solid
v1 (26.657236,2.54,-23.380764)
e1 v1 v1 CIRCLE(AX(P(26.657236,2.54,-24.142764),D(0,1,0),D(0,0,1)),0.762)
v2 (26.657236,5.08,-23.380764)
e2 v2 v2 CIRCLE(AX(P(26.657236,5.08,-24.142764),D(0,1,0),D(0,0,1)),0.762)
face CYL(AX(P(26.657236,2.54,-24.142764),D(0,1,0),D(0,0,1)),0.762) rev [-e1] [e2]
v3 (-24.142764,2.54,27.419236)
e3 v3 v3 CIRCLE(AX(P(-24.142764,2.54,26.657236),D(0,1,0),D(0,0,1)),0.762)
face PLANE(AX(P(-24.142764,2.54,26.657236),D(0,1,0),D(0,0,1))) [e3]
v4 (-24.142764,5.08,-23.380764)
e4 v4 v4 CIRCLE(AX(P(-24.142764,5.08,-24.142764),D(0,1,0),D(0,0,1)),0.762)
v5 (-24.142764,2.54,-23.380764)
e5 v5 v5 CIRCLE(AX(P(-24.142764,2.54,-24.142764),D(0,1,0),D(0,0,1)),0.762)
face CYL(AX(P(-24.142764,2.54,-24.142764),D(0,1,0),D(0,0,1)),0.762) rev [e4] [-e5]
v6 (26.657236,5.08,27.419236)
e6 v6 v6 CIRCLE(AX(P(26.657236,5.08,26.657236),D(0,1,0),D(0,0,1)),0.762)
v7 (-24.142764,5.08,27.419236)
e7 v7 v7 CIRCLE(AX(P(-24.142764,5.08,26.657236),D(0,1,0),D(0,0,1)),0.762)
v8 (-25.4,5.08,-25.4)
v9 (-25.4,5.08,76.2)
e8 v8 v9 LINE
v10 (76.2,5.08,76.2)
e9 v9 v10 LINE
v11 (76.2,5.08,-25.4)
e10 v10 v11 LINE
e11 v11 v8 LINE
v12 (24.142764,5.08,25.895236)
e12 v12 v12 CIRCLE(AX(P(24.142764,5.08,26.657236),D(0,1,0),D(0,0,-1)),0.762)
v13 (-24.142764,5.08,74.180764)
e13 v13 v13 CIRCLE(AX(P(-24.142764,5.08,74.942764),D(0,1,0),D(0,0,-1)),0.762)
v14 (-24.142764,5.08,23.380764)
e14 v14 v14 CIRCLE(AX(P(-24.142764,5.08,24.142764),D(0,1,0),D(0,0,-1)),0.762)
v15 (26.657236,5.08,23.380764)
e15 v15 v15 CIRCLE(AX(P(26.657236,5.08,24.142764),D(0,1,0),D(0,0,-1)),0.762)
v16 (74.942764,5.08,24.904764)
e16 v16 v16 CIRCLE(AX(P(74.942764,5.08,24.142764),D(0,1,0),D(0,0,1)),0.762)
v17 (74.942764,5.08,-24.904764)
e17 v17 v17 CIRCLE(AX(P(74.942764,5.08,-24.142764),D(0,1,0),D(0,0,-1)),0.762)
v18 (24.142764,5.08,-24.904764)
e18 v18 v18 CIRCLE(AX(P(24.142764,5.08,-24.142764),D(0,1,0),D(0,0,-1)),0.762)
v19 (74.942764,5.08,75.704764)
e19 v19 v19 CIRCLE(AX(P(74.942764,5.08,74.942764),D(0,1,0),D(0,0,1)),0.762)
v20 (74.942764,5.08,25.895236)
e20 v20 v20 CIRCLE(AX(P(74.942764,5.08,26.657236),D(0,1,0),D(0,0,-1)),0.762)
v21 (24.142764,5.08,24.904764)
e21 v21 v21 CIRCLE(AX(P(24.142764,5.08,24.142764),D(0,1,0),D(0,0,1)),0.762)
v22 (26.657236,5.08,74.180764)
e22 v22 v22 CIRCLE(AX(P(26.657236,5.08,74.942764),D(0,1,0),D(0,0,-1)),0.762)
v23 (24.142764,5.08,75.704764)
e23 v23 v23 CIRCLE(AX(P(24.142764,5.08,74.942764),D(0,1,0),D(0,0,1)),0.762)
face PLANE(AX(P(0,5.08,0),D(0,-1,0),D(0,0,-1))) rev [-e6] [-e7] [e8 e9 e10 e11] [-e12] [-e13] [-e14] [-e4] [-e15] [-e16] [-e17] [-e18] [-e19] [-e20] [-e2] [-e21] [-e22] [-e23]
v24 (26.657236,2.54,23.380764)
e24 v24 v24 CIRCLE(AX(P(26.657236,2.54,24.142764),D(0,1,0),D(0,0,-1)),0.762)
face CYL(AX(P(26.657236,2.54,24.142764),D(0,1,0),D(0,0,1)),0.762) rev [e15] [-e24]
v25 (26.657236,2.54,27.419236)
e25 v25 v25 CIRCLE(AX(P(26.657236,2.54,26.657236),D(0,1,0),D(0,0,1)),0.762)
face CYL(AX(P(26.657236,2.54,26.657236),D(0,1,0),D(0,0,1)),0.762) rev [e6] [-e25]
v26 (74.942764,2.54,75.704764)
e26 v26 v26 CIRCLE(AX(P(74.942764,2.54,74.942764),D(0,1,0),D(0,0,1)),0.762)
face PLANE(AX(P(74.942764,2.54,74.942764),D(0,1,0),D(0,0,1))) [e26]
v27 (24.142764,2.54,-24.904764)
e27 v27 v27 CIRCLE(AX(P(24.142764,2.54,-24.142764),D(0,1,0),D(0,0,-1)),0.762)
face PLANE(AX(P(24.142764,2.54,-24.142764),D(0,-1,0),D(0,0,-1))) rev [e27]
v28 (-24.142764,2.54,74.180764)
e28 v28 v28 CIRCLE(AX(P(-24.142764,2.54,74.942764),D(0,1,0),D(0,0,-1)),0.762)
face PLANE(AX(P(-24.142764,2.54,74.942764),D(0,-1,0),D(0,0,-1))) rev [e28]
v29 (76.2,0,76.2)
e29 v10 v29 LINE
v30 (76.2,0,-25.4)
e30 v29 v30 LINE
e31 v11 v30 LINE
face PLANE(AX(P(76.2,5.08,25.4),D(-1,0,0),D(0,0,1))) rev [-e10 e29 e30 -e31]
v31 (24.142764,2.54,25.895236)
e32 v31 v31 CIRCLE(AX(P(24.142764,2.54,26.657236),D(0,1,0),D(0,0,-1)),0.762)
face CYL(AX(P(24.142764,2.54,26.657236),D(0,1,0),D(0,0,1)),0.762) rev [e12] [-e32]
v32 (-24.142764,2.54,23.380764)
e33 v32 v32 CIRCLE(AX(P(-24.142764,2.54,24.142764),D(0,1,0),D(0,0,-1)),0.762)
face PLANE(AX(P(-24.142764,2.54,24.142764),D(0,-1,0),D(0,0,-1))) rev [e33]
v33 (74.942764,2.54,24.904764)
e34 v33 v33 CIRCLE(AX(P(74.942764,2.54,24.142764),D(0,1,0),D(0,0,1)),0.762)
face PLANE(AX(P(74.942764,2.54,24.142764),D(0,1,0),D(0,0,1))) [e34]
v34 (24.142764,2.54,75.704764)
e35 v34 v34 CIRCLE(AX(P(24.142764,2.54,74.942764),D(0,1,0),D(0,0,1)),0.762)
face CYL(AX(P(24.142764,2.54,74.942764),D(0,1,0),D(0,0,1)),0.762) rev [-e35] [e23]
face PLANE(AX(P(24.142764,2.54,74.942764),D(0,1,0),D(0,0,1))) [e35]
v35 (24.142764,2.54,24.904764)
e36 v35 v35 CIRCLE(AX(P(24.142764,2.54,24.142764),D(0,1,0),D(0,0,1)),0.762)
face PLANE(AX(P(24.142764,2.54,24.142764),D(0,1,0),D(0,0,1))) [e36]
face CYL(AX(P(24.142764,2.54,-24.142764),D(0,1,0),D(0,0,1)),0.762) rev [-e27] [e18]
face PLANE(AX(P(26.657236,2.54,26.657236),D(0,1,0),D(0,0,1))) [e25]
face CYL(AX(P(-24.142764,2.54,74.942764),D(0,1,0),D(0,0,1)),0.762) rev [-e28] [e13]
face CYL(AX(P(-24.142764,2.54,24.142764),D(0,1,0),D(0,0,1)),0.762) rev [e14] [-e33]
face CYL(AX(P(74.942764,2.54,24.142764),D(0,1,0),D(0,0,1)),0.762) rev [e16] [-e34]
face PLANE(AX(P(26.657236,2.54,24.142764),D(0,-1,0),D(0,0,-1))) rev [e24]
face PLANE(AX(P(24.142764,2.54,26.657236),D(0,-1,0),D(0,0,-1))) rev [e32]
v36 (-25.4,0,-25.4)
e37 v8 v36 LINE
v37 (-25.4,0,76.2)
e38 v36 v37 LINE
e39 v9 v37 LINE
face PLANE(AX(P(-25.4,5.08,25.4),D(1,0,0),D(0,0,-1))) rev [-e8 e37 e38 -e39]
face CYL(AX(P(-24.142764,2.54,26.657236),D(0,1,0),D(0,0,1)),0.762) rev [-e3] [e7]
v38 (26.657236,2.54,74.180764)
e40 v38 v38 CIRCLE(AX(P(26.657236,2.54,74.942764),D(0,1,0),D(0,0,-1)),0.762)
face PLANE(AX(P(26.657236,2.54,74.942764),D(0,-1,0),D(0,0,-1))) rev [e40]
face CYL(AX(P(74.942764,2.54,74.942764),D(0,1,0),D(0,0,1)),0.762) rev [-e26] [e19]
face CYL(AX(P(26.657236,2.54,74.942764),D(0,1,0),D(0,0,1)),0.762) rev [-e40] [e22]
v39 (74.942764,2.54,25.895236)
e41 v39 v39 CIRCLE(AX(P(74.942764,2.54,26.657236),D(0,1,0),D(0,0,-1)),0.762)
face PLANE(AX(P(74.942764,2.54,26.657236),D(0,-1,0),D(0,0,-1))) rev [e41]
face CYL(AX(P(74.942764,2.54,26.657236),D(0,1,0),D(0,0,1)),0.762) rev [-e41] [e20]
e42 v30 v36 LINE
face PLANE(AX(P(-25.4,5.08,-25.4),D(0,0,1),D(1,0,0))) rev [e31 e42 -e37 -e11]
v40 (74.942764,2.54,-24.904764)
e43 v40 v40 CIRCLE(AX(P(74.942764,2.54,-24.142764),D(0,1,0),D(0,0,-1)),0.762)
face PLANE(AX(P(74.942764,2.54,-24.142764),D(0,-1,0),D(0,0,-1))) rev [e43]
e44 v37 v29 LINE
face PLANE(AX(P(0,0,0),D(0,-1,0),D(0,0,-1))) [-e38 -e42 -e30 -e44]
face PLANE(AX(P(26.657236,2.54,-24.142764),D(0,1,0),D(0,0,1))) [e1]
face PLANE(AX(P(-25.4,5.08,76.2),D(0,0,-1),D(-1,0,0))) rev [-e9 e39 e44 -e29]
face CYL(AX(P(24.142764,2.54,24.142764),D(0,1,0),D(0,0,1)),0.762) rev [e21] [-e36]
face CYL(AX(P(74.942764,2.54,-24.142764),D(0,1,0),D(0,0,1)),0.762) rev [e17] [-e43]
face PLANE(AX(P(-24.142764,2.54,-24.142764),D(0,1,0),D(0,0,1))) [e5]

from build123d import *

# Parameters (mm, degrees)
SKETCH1_W            = 50.8
SKETCH1_H            = 50.8
BOSS_EXTRUDE1_DEPTH  = 5.08
SKETCH11_R           = 0.762
CUT_EXTRUDE6_DEPTH   = 2.54
LPATTERN1_COUNT      = 2
LPATTERN1_PITCH      = 50.8
LPATTERN1_COUNT_DIR2 = 2
LPATTERN1_PITCH_DIR2 = 50.8


with BuildPart() as part:
    # Sketch1 → Boss-Extrude1 (new body)
    with BuildSketch(Plane(origin=(0, 0, 0), x_dir=(1, 0, 0), z_dir=(0, 1, 0))):
        Rectangle(SKETCH1_W, SKETCH1_H)
    boss_extrude1 = extrude(amount=BOSS_EXTRUDE1_DEPTH)

    # Sketch11 → Cut-Extrude6 (cut)
    with BuildSketch(Plane(origin=(0, 5.08, 0), x_dir=(1, 0, 0), z_dir=(0, 1, 0))):
        with Locations(Location((-24.142764143, 24.142764143, 0), (0, 0, 270))):
            Circle(SKETCH11_R)
        with Locations(Location((24.142764143, 24.142764143, 0), (0, 0, 90))):
            Circle(SKETCH11_R)
        with Locations(Location((24.142764143, -24.142764143, 0), (0, 0, 270))):
            Circle(SKETCH11_R)
        with Locations(Location((-24.142764143, -24.142764143, 0), (0, 0, 90))):
            Circle(SKETCH11_R)
    cut_extrude6 = extrude(amount=-CUT_EXTRUDE6_DEPTH, mode=Mode.SUBTRACT)

    # LPattern1: Boss-Extrude1, Cut-Extrude6 2 × 2
    with Locations(*[(j * LPATTERN1_PITCH_DIR2, 0, i * LPATTERN1_PITCH) for i in range(LPATTERN1_COUNT) for j in range(LPATTERN1_COUNT_DIR2) if (i, j) != (0, 0)]):
        add(boss_extrude1)
        add(cut_extrude6, mode=Mode.SUBTRACT)


solid = part.part
